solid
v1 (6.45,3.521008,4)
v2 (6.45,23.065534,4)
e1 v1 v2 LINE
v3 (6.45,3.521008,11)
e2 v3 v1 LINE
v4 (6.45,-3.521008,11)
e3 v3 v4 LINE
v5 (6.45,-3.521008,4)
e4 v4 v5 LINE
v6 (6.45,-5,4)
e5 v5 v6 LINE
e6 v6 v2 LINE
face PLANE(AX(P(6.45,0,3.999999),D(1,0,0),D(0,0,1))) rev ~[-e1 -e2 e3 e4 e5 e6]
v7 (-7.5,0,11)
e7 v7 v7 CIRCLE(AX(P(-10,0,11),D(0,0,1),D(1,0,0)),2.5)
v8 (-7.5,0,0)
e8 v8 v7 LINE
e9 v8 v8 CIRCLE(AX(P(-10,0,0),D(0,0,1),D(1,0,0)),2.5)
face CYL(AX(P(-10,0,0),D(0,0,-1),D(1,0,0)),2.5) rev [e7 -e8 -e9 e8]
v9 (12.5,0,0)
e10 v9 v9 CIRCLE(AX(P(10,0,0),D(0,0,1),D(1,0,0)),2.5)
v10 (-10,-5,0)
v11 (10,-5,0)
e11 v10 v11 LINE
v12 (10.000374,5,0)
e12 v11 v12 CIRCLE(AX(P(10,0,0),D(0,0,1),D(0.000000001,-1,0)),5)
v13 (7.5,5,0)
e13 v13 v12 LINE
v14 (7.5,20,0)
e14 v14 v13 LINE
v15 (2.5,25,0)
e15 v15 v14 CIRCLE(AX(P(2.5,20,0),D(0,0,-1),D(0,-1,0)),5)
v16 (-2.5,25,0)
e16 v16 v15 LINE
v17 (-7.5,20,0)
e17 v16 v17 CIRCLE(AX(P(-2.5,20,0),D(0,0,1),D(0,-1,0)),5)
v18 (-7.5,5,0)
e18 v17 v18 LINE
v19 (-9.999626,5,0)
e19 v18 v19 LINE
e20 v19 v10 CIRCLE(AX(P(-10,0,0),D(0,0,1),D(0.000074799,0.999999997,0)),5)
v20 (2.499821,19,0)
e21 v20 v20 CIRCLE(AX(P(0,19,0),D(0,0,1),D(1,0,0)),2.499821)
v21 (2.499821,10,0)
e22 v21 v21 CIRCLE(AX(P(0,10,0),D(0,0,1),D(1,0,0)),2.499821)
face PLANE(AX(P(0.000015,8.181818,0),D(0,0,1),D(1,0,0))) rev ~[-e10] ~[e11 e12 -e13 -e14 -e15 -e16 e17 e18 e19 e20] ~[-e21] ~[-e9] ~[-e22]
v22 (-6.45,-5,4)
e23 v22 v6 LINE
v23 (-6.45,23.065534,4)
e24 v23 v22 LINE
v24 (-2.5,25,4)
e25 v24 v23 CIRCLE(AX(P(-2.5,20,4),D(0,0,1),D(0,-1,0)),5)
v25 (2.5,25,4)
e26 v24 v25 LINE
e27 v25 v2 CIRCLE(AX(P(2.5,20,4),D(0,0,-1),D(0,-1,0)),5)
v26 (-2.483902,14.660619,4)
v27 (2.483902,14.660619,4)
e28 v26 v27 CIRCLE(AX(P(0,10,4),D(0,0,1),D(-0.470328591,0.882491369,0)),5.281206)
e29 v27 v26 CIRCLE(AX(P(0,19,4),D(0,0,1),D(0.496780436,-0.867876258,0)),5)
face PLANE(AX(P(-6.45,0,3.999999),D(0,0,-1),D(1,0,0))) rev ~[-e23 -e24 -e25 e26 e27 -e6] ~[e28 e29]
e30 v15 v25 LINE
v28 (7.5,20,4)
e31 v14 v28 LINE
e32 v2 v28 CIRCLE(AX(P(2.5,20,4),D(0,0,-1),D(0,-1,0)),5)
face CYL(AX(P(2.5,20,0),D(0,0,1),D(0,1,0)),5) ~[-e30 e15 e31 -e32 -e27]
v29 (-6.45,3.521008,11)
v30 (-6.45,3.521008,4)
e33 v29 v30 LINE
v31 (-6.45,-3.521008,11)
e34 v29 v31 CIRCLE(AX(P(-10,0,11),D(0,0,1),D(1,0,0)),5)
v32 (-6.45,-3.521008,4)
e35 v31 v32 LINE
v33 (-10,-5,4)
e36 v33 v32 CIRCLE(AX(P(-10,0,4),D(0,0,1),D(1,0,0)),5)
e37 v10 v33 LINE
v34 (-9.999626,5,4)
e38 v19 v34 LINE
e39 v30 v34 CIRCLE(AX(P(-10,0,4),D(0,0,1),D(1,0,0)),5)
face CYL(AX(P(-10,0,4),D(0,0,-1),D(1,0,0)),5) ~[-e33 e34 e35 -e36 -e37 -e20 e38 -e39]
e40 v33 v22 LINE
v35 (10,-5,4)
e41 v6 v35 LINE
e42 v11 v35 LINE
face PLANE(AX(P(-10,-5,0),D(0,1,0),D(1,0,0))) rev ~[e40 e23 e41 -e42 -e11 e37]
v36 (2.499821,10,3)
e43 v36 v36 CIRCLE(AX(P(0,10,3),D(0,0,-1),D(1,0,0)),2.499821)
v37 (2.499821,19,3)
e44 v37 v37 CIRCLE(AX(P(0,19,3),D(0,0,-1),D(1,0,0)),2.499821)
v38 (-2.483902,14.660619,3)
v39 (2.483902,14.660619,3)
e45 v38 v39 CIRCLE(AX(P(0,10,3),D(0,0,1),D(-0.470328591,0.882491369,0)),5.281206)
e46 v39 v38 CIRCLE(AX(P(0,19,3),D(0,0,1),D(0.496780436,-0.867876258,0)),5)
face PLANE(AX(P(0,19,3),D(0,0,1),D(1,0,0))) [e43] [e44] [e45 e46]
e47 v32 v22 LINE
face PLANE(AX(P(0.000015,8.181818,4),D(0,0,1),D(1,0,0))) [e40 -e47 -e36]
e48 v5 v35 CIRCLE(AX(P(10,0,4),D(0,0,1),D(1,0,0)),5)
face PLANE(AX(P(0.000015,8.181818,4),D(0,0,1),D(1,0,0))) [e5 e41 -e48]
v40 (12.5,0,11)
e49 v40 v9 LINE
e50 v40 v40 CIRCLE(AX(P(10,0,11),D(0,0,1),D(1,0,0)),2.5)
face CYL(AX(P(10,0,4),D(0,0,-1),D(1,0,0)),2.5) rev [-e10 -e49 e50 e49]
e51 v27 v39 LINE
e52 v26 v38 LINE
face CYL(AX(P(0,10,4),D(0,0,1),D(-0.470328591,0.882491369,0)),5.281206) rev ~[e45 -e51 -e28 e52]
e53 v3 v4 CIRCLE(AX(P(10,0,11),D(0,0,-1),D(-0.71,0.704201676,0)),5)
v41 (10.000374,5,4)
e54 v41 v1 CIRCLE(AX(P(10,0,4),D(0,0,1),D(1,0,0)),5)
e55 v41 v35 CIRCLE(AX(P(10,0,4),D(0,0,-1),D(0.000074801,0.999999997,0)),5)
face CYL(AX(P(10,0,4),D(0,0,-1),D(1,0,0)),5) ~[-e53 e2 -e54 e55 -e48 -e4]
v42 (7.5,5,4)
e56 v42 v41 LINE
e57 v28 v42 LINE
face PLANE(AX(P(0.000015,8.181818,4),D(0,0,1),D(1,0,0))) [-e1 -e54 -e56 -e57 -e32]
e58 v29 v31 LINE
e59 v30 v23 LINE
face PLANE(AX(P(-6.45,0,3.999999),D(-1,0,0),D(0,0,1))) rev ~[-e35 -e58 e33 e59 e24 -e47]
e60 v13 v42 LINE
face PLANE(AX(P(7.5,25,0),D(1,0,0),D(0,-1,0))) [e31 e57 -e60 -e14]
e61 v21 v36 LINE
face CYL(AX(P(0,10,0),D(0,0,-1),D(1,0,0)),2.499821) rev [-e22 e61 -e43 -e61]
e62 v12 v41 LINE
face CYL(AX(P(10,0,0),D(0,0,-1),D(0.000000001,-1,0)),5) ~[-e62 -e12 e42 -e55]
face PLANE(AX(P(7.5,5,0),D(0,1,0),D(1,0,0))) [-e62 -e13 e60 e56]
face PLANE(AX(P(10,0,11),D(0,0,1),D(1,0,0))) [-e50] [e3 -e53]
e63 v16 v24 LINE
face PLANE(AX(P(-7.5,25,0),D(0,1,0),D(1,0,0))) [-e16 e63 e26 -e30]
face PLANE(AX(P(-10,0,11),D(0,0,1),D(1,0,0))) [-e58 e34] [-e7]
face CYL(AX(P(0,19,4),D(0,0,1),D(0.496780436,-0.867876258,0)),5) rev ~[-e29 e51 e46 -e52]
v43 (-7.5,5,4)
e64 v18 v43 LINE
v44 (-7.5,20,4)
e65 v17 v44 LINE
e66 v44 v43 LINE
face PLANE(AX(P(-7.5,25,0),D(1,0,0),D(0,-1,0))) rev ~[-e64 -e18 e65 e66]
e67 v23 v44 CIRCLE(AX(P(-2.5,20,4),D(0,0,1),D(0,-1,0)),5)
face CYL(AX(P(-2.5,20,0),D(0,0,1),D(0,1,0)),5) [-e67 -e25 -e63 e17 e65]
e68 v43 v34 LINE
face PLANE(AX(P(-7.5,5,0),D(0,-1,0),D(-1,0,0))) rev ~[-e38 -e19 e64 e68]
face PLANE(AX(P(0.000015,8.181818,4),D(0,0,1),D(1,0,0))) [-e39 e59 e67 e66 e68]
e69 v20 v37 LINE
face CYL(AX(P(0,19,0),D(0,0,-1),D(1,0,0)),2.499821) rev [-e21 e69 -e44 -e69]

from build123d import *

# Parameters (mm, degrees)
SKETCH_R          = 2.5
SKETCH_R_2        = 2.499821
PAD_DEPTH         = 4
SKETCH001_R       = 5
SKETCH001_R_2     = 2.5
PAD001_DEPTH      = 7
FILLET_R          = 5
SKETCH002_W       = 12.9
SKETCH002_H       = 8.550953
POCKET_DEPTH      = 25.001
POCKET_DEPTH_BACK = 5.001
SKETCH003_R       = 5
SKETCH003_R_2     = 5.281206
POCKET001_DEPTH   = 1


with BuildPart() as part:
    # Sketch → Pad (new body)
    with BuildSketch(Plane.XY):
        with BuildLine():
            Line((-10, -5), (10, -5))
            ThreePointArc((10, -5), (15, -0.000187), (10.000374, 5))
            Line((7.5, 5), (10.000374, 5))
            Line((7.5, 25), (7.5, 5))
            Line((-7.5, 25), (7.5, 25))
            Line((-7.5, 25), (-7.5, 5))
            Line((-7.5, 5), (-9.999626, 5))
            ThreePointArc((-9.999626, 5), (-15, 0.000187), (-10, -5))
        make_face()
        with Locations((-10, 0)):
            Circle(SKETCH_R, mode=Mode.SUBTRACT)
        with Locations((10, 0)):
            Circle(SKETCH_R, mode=Mode.SUBTRACT)
        with Locations((0, 19)):
            Circle(SKETCH_R_2, mode=Mode.SUBTRACT)
        with Locations((0, 10)):
            Circle(SKETCH_R_2, mode=Mode.SUBTRACT)
    extrude(amount=PAD_DEPTH)

    # Sketch001 (on Face14 of Pad) → Pad001 (join)
    with BuildSketch(Plane.XY.offset(4)):
        with Locations((10, 0)):
            Circle(SKETCH001_R)
        with Locations((10, 0)):
            Circle(SKETCH001_R_2, mode=Mode.SUBTRACT)
        with Locations((-10, 0)):
            Circle(SKETCH001_R)
        with Locations((-10, 0)):
            Circle(SKETCH001_R_2, mode=Mode.SUBTRACT)
    extrude(amount=PAD001_DEPTH)

    # Fillet
    fillet_edges = [part.edges().sort_by_distance(p)[0] for p in [
        (-7.5, 25, 2),
        (7.5, 25, 2),
    ]]
    fillet(fillet_edges, radius=FILLET_R)

    # Sketch002 → Pocket (cut, two sides)
    with BuildSketch(Plane.XZ) as pocket_sk:
        with Locations((0, 8.275476)):
            Rectangle(SKETCH002_W, SKETCH002_H)
    extrude(amount=-POCKET_DEPTH, mode=Mode.SUBTRACT)
    extrude(pocket_sk.sketch, amount=POCKET_DEPTH_BACK, mode=Mode.SUBTRACT)

    # Sketch003 (on Face19 of Pocket) → Pocket001 (cut)
    with BuildSketch(Plane.XY.offset(4)):
        with Locations((0, 19)):
            Circle(SKETCH003_R)
        with Locations((0, 10)):
            Circle(SKETCH003_R_2)
    extrude(amount=-POCKET001_DEPTH, mode=Mode.SUBTRACT)


solid = part.part
